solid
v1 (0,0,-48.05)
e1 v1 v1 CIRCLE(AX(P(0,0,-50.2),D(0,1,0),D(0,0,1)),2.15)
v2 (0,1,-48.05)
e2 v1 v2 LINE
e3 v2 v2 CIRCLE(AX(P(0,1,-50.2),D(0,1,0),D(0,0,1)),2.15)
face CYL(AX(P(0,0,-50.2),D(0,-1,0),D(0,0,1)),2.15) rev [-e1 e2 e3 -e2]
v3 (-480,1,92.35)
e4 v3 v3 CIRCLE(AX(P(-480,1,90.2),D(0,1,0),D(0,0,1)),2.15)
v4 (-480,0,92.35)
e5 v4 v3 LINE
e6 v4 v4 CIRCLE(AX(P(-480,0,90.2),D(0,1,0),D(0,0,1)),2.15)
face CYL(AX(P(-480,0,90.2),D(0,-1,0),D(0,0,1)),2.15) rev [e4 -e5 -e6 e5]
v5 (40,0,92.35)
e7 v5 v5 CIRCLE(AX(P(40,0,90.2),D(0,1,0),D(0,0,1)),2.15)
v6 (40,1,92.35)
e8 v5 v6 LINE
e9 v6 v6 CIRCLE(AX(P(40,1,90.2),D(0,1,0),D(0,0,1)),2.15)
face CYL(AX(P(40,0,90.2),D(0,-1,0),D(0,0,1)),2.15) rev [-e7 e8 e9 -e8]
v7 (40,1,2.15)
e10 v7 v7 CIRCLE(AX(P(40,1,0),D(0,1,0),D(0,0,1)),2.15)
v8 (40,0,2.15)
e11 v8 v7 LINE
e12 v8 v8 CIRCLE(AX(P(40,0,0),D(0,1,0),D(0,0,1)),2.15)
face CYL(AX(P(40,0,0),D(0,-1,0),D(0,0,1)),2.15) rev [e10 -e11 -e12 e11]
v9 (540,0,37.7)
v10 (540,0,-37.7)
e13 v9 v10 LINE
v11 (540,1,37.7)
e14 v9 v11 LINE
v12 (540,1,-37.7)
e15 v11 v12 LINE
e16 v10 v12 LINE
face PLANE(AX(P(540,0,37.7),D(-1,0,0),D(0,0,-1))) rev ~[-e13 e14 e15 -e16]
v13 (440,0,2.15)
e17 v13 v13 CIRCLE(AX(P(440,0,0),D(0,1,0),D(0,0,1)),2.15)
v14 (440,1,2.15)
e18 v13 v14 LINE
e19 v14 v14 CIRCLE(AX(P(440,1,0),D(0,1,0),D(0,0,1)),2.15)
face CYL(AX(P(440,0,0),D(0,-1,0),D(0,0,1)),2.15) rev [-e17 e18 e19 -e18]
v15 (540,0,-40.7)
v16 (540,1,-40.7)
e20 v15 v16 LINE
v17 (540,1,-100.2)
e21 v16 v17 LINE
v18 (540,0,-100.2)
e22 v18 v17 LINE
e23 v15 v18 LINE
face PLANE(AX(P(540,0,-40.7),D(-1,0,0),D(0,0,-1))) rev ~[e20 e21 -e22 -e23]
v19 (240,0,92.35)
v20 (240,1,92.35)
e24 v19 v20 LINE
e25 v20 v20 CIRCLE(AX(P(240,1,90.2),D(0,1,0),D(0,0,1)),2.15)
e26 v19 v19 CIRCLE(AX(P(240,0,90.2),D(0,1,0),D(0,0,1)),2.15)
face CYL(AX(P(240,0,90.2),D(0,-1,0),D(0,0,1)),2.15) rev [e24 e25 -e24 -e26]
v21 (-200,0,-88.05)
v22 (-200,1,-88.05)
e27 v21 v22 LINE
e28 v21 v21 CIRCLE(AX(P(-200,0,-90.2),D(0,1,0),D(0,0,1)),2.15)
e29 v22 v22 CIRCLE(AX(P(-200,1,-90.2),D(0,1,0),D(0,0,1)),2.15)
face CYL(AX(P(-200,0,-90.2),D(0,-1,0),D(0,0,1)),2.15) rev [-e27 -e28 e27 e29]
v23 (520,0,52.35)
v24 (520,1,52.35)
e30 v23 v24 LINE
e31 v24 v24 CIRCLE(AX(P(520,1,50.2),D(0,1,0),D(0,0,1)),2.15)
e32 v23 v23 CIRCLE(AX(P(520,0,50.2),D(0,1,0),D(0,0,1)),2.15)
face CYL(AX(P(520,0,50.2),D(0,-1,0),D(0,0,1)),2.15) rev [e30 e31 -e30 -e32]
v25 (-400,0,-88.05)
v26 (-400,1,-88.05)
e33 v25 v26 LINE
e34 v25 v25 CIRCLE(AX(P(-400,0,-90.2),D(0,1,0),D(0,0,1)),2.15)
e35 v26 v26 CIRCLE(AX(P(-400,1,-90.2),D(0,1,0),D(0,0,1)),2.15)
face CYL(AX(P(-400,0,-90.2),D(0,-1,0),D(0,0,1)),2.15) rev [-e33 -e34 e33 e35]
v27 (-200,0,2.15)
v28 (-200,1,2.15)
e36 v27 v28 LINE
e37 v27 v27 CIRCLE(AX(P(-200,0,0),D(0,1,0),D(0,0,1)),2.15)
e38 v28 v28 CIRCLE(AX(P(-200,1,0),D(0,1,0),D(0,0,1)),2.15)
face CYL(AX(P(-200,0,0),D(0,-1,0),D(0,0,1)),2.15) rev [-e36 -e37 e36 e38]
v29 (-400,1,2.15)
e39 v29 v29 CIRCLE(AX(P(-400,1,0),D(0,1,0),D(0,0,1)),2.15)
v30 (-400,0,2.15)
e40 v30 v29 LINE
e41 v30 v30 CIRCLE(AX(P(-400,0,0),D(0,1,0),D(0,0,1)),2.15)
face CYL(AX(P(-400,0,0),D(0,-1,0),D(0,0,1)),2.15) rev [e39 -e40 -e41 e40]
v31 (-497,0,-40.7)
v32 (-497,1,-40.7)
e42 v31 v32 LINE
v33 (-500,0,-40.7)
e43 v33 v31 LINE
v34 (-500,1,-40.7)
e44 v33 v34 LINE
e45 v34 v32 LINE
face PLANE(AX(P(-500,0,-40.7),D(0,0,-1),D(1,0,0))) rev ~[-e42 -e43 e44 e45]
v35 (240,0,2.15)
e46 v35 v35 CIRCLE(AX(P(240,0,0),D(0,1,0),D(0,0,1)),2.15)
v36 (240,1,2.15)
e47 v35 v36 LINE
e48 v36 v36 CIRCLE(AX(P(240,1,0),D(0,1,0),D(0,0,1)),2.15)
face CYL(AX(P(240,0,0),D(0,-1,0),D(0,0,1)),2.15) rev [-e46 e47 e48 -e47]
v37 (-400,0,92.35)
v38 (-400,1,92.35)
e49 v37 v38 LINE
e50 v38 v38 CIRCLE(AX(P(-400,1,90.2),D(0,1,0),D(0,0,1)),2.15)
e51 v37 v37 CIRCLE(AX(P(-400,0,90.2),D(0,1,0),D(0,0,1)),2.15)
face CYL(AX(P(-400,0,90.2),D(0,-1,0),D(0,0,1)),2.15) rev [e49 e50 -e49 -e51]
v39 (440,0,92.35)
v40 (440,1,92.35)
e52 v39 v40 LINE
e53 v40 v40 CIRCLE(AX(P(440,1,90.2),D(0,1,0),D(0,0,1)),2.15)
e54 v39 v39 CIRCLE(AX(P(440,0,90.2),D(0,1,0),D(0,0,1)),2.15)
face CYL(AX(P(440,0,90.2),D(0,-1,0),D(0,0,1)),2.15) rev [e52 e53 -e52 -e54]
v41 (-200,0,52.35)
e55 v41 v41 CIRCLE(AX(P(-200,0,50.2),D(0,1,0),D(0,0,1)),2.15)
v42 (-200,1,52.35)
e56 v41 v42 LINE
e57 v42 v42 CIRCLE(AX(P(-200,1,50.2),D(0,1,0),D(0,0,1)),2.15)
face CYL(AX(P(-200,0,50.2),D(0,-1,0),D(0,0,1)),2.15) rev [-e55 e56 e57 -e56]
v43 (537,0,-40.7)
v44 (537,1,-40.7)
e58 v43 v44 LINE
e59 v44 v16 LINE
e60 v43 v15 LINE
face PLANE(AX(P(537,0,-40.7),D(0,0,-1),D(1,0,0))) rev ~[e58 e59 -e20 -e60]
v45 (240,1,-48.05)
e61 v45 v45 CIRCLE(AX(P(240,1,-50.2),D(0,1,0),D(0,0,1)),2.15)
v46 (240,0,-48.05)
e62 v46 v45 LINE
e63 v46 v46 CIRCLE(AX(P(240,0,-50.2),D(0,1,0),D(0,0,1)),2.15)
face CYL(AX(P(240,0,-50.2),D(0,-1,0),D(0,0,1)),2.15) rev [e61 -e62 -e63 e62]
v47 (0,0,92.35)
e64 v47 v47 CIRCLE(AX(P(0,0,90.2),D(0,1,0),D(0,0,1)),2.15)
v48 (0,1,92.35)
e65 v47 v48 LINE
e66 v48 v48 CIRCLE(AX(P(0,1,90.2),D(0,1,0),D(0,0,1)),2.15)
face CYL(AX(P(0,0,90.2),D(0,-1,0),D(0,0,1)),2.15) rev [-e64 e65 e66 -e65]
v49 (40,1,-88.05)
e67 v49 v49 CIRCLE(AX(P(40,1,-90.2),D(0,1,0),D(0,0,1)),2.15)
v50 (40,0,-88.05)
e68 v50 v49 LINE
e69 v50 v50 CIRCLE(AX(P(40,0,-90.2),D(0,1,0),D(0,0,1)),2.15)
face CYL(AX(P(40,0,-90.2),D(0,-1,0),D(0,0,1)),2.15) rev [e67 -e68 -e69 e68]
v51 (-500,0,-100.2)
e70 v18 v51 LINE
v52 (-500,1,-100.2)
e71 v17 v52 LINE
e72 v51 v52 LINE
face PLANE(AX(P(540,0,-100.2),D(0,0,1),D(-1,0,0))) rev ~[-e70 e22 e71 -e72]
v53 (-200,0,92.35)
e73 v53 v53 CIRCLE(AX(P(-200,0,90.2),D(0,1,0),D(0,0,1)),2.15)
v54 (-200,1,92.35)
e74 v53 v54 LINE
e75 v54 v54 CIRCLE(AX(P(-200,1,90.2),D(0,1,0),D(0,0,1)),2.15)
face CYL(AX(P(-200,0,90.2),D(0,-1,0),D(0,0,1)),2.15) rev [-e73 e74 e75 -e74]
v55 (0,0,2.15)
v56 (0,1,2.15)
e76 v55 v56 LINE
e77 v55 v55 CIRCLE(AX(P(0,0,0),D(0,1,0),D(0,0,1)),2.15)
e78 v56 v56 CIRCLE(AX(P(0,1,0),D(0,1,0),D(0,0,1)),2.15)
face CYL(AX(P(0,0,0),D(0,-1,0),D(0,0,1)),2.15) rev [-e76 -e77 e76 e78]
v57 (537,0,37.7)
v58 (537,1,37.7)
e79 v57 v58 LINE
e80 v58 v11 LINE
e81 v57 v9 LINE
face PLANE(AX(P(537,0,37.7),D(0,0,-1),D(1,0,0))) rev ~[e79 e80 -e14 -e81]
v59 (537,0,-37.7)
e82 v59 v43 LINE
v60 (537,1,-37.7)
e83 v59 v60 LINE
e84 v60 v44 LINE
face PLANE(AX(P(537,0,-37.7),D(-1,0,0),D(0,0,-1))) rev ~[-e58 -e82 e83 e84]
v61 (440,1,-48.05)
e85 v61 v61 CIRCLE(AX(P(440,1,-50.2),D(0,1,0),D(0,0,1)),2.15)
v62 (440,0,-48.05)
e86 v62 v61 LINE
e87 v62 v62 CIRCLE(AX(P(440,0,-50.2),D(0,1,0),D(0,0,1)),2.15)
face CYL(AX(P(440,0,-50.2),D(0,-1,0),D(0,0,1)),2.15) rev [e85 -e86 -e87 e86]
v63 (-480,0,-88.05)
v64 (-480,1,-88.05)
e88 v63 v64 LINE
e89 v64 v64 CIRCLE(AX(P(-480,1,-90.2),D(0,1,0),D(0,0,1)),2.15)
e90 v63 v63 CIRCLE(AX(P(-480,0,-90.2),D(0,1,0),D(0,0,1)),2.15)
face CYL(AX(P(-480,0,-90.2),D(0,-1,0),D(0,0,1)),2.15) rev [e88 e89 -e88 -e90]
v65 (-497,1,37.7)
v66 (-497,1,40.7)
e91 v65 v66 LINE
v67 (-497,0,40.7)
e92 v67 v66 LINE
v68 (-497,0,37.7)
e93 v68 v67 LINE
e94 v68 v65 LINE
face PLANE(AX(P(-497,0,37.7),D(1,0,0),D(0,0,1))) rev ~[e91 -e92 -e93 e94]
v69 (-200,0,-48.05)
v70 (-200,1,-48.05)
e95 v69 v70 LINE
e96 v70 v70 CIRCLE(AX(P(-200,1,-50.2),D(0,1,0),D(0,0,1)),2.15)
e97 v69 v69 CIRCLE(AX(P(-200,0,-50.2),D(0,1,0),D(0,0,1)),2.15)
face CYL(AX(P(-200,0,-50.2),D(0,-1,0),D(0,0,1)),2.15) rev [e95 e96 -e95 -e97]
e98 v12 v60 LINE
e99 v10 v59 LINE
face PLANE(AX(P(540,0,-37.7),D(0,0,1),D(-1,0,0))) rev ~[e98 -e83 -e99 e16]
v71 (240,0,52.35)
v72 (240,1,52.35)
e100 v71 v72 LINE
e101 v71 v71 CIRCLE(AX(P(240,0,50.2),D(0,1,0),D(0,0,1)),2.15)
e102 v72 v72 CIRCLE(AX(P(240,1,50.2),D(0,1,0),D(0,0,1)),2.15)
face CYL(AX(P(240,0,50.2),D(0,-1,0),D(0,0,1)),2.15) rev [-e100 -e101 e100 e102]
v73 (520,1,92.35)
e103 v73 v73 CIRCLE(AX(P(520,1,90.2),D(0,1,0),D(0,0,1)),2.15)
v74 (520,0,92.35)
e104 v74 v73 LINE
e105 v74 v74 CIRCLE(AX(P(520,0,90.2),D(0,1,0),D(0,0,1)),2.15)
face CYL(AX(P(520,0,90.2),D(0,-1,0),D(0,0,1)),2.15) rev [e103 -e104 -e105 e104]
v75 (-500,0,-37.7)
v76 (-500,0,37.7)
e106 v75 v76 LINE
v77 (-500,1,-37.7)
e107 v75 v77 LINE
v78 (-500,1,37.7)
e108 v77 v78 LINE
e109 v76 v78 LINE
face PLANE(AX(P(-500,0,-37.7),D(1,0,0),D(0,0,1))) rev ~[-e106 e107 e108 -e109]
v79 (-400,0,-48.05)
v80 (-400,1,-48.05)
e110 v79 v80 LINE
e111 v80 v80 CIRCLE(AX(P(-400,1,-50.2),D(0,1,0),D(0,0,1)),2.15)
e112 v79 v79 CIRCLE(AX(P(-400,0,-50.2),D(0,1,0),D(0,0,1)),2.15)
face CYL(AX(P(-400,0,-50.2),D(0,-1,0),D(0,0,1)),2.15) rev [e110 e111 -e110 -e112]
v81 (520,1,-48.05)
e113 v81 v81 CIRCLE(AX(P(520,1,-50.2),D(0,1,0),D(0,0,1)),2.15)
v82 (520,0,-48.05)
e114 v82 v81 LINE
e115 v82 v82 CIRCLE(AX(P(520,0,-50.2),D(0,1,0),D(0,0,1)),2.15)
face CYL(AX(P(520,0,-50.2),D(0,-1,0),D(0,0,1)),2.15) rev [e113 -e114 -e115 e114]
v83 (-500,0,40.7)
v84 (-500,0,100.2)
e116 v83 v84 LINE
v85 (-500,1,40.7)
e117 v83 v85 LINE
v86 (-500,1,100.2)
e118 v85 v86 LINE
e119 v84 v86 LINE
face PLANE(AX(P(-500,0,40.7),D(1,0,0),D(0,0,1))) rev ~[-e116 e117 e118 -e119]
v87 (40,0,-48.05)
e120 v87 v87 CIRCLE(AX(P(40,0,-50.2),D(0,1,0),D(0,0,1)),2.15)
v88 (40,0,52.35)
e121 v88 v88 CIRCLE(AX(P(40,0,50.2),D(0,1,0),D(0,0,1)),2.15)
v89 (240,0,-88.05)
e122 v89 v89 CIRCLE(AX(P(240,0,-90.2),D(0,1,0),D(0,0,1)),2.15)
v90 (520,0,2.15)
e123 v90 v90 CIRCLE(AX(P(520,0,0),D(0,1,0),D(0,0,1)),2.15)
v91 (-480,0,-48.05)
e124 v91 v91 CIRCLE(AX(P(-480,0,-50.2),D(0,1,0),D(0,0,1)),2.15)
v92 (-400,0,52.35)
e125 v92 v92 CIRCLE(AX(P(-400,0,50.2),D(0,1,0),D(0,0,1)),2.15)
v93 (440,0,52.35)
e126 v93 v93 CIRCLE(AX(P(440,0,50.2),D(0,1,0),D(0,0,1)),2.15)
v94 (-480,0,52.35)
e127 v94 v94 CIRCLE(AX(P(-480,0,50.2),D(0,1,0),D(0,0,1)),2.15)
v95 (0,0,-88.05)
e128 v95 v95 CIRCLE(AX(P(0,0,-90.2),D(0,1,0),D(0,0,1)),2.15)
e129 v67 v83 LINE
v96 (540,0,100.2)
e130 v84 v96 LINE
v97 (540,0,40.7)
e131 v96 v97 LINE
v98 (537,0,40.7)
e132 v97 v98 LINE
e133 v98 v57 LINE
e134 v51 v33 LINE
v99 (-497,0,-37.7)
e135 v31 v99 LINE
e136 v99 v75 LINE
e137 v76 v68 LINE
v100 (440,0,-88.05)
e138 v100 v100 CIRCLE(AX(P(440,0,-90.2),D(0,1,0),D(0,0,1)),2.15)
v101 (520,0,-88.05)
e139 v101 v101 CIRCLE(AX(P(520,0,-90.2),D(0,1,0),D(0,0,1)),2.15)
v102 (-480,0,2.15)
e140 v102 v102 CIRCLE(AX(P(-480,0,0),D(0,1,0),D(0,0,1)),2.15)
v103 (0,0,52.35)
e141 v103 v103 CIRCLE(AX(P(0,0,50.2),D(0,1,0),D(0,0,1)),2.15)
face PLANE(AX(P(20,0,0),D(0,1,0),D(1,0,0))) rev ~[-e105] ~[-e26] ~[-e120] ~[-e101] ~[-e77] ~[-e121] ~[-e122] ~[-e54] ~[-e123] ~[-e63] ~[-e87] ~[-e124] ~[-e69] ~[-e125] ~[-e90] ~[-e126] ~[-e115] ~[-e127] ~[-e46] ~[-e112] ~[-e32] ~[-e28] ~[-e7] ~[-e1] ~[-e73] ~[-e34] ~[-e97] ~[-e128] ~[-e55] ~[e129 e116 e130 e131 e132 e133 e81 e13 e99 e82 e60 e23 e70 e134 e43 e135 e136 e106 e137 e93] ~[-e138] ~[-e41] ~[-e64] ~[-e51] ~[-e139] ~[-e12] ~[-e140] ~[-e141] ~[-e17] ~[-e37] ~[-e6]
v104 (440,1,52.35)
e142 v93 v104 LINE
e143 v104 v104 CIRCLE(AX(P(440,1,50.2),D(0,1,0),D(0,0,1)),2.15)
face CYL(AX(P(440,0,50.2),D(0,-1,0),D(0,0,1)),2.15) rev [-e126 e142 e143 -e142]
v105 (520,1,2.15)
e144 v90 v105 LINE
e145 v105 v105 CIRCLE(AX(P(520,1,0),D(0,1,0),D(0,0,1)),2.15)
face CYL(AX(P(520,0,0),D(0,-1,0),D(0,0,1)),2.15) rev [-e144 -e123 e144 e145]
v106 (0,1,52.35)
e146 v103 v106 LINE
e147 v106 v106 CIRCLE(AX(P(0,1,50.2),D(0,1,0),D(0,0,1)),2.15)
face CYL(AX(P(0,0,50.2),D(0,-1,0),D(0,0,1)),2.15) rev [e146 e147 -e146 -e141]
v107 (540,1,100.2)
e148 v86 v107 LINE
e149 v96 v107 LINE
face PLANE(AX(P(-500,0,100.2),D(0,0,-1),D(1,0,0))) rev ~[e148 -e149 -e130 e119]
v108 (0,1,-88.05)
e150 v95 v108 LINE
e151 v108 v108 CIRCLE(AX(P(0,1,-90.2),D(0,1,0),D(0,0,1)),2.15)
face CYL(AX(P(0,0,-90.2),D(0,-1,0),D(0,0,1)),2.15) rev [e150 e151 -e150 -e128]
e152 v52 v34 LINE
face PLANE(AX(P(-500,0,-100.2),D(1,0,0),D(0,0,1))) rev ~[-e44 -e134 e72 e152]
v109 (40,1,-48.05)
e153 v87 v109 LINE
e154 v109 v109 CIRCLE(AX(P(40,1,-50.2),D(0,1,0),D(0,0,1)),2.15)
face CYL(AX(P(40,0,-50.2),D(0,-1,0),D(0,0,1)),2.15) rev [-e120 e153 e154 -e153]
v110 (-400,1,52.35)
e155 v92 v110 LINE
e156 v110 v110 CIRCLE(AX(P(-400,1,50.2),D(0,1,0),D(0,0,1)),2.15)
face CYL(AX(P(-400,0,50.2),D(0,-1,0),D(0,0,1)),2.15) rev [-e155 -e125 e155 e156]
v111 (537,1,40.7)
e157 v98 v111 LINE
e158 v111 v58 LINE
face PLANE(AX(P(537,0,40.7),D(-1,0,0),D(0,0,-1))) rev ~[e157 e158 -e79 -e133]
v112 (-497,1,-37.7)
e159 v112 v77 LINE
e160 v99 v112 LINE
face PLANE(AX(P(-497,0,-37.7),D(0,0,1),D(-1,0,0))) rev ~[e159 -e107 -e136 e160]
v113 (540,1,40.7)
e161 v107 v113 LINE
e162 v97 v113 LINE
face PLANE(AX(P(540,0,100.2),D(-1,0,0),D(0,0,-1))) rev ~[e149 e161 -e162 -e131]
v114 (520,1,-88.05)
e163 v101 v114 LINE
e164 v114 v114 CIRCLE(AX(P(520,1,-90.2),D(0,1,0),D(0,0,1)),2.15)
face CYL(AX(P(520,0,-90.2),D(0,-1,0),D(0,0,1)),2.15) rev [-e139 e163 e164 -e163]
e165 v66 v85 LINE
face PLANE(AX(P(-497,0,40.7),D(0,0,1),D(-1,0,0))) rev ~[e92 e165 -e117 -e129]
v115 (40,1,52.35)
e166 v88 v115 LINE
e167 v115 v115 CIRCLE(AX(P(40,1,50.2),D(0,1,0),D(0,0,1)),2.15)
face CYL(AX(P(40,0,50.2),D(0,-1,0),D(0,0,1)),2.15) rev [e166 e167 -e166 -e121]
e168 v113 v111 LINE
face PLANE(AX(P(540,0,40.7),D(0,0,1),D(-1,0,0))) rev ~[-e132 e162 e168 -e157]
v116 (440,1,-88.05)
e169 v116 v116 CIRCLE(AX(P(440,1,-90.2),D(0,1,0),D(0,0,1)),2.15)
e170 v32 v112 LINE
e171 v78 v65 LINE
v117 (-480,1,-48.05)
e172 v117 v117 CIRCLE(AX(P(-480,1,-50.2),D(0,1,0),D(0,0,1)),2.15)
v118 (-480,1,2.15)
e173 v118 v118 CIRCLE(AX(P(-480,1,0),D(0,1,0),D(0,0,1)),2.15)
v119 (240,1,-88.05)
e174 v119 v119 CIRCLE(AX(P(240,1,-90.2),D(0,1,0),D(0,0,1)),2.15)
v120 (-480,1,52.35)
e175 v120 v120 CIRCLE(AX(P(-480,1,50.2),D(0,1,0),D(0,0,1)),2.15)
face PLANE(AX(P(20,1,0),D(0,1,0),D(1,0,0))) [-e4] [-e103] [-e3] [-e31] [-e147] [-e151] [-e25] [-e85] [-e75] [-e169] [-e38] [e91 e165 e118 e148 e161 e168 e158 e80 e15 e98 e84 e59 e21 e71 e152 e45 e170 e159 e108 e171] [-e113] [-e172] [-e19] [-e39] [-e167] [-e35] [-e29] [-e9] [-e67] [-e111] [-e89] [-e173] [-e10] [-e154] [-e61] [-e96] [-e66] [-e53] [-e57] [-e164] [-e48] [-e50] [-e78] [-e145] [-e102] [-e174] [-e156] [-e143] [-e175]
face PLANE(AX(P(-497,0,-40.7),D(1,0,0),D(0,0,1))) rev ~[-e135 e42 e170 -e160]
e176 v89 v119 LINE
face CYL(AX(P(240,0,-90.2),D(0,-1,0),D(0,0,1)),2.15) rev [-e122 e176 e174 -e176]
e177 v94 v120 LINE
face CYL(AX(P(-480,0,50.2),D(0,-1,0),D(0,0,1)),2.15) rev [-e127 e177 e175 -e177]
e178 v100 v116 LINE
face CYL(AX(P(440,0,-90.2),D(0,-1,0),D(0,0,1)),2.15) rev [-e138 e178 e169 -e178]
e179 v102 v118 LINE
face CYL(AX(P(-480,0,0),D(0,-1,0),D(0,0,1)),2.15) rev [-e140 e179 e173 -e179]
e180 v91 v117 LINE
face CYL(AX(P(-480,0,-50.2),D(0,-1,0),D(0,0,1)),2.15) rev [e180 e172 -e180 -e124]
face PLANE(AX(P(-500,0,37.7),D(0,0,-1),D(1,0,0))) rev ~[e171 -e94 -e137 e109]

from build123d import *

# Parameters (mm, degrees)
SKETCH1_R           = 2.15
BOSS_EXTRUDE1_DEPTH = 1


with BuildPart() as part:
    # Sketch1 → Boss-Extrude1 (new body)
    with BuildSketch(Plane(origin=(0, 0, 0), x_dir=(1, 0, 0), z_dir=(0, 1, 0))):
        Polygon((-500, -40.7), (-500, -100.2), (540, -100.2), (540, -40.7), (537, -40.7), (537, -37.7), (540, -37.7), (540, 37.7), (537, 37.7), (537, 40.7), (540, 40.7), (540, 100.2), (-500, 100.2), (-500, 40.7), (-497, 40.7), (-497, 37.7), (-500, 37.7), (-500, -37.7), (-497, -37.7), (-497, -40.7), align=None)
        with Locations(Location((0, -50.2, 0), (0, 0, 270))):
            Circle(SKETCH1_R, mode=Mode.SUBTRACT)
        with Locations(Location((0, 50.2, 0), (0, 0, 270))):
            Circle(SKETCH1_R, mode=Mode.SUBTRACT)
        with Locations(Location((0, -90.2, 0), (0, 0, 270))):
            Circle(SKETCH1_R, mode=Mode.SUBTRACT)
        with Locations(Location((0, 90.2, 0), (0, 0, 270))):
            Circle(SKETCH1_R, mode=Mode.SUBTRACT)
        with Locations(Location((-200, -90.2, 0), (0, 0, 270))):
            Circle(SKETCH1_R, mode=Mode.SUBTRACT)
        with Locations(Location((-200, -50.2, 0), (0, 0, 270))):
            Circle(SKETCH1_R, mode=Mode.SUBTRACT)
        with Locations(Location((-200, 50.2, 0), (0, 0, 270))):
            Circle(SKETCH1_R, mode=Mode.SUBTRACT)
        with Locations(Location((-200, 90.2, 0), (0, 0, 270))):
            Circle(SKETCH1_R, mode=Mode.SUBTRACT)
        with Locations(Location((0, 0, 0), (0, 0, 270))):
            Circle(SKETCH1_R, mode=Mode.SUBTRACT)
        with Locations(Location((-200, 0, 0), (0, 0, 270))):
            Circle(SKETCH1_R, mode=Mode.SUBTRACT)
        with Locations(Location((-400, 0, 0), (0, 0, 270))):
            Circle(SKETCH1_R, mode=Mode.SUBTRACT)
        with Locations(Location((-400, -90.2, 0), (0, 0, 270))):
            Circle(SKETCH1_R, mode=Mode.SUBTRACT)
        with Locations(Location((-400, -50.2, 0), (0, 0, 270))):
            Circle(SKETCH1_R, mode=Mode.SUBTRACT)
        with Locations(Location((-400, 50.2, 0), (0, 0, 270))):
            Circle(SKETCH1_R, mode=Mode.SUBTRACT)
        with Locations(Location((-400, 90.2, 0), (0, 0, 270))):
            Circle(SKETCH1_R, mode=Mode.SUBTRACT)
        with Locations(Location((40, -90.2, 0), (0, 0, 270))):
            Circle(SKETCH1_R, mode=Mode.SUBTRACT)
        with Locations(Location((40, -50.2, 0), (0, 0, 270))):
            Circle(SKETCH1_R, mode=Mode.SUBTRACT)
        with Locations(Location((40, 0, 0), (0, 0, 270))):
            Circle(SKETCH1_R, mode=Mode.SUBTRACT)
        with Locations(Location((40, 50.2, 0), (0, 0, 270))):
            Circle(SKETCH1_R, mode=Mode.SUBTRACT)
        with Locations(Location((40, 90.2, 0), (0, 0, 270))):
            Circle(SKETCH1_R, mode=Mode.SUBTRACT)
        with Locations(Location((520, 90.2, 0), (0, 0, 270))):
            Circle(SKETCH1_R, mode=Mode.SUBTRACT)
        with Locations(Location((520, 50.2, 0), (0, 0, 270))):
            Circle(SKETCH1_R, mode=Mode.SUBTRACT)
        with Locations(Location((520, 0, 0), (0, 0, 270))):
            Circle(SKETCH1_R, mode=Mode.SUBTRACT)
        with Locations(Location((520, -50.2, 0), (0, 0, 270))):
            Circle(SKETCH1_R, mode=Mode.SUBTRACT)
        with Locations(Location((520, -90.2, 0), (0, 0, 270))):
            Circle(SKETCH1_R, mode=Mode.SUBTRACT)
        with Locations(Location((240, -90.2, 0), (0, 0, 270))):
            Circle(SKETCH1_R, mode=Mode.SUBTRACT)
        with Locations(Location((240, -50.2, 0), (0, 0, 270))):
            Circle(SKETCH1_R, mode=Mode.SUBTRACT)
        with Locations(Location((240, 0, 0), (0, 0, 270))):
            Circle(SKETCH1_R, mode=Mode.SUBTRACT)
        with Locations(Location((240, 50.2, 0), (0, 0, 270))):
            Circle(SKETCH1_R, mode=Mode.SUBTRACT)
        with Locations(Location((240, 90.2, 0), (0, 0, 270))):
            Circle(SKETCH1_R, mode=Mode.SUBTRACT)
        with Locations(Location((440, -90.2, 0), (0, 0, 270))):
            Circle(SKETCH1_R, mode=Mode.SUBTRACT)
        with Locations(Location((440, -50.2, 0), (0, 0, 270))):
            Circle(SKETCH1_R, mode=Mode.SUBTRACT)
        with Locations(Location((440, 0, 0), (0, 0, 270))):
            Circle(SKETCH1_R, mode=Mode.SUBTRACT)
        with Locations(Location((440, 50.2, 0), (0, 0, 270))):
            Circle(SKETCH1_R, mode=Mode.SUBTRACT)
        with Locations(Location((440, 90.2, 0), (0, 0, 270))):
            Circle(SKETCH1_R, mode=Mode.SUBTRACT)
        with Locations(Location((-480, 90.2, 0), (0, 0, 270))):
            Circle(SKETCH1_R, mode=Mode.SUBTRACT)
        with Locations(Location((-480, 50.2, 0), (0, 0, 270))):
            Circle(SKETCH1_R, mode=Mode.SUBTRACT)
        with Locations(Location((-480, 0, 0), (0, 0, 270))):
            Circle(SKETCH1_R, mode=Mode.SUBTRACT)
        with Locations(Location((-480, -90.2, 0), (0, 0, 270))):
            Circle(SKETCH1_R, mode=Mode.SUBTRACT)
        with Locations(Location((-480, -50.2, 0), (0, 0, 270))):
            Circle(SKETCH1_R, mode=Mode.SUBTRACT)
    extrude(amount=BOSS_EXTRUDE1_DEPTH)


solid = part.part
